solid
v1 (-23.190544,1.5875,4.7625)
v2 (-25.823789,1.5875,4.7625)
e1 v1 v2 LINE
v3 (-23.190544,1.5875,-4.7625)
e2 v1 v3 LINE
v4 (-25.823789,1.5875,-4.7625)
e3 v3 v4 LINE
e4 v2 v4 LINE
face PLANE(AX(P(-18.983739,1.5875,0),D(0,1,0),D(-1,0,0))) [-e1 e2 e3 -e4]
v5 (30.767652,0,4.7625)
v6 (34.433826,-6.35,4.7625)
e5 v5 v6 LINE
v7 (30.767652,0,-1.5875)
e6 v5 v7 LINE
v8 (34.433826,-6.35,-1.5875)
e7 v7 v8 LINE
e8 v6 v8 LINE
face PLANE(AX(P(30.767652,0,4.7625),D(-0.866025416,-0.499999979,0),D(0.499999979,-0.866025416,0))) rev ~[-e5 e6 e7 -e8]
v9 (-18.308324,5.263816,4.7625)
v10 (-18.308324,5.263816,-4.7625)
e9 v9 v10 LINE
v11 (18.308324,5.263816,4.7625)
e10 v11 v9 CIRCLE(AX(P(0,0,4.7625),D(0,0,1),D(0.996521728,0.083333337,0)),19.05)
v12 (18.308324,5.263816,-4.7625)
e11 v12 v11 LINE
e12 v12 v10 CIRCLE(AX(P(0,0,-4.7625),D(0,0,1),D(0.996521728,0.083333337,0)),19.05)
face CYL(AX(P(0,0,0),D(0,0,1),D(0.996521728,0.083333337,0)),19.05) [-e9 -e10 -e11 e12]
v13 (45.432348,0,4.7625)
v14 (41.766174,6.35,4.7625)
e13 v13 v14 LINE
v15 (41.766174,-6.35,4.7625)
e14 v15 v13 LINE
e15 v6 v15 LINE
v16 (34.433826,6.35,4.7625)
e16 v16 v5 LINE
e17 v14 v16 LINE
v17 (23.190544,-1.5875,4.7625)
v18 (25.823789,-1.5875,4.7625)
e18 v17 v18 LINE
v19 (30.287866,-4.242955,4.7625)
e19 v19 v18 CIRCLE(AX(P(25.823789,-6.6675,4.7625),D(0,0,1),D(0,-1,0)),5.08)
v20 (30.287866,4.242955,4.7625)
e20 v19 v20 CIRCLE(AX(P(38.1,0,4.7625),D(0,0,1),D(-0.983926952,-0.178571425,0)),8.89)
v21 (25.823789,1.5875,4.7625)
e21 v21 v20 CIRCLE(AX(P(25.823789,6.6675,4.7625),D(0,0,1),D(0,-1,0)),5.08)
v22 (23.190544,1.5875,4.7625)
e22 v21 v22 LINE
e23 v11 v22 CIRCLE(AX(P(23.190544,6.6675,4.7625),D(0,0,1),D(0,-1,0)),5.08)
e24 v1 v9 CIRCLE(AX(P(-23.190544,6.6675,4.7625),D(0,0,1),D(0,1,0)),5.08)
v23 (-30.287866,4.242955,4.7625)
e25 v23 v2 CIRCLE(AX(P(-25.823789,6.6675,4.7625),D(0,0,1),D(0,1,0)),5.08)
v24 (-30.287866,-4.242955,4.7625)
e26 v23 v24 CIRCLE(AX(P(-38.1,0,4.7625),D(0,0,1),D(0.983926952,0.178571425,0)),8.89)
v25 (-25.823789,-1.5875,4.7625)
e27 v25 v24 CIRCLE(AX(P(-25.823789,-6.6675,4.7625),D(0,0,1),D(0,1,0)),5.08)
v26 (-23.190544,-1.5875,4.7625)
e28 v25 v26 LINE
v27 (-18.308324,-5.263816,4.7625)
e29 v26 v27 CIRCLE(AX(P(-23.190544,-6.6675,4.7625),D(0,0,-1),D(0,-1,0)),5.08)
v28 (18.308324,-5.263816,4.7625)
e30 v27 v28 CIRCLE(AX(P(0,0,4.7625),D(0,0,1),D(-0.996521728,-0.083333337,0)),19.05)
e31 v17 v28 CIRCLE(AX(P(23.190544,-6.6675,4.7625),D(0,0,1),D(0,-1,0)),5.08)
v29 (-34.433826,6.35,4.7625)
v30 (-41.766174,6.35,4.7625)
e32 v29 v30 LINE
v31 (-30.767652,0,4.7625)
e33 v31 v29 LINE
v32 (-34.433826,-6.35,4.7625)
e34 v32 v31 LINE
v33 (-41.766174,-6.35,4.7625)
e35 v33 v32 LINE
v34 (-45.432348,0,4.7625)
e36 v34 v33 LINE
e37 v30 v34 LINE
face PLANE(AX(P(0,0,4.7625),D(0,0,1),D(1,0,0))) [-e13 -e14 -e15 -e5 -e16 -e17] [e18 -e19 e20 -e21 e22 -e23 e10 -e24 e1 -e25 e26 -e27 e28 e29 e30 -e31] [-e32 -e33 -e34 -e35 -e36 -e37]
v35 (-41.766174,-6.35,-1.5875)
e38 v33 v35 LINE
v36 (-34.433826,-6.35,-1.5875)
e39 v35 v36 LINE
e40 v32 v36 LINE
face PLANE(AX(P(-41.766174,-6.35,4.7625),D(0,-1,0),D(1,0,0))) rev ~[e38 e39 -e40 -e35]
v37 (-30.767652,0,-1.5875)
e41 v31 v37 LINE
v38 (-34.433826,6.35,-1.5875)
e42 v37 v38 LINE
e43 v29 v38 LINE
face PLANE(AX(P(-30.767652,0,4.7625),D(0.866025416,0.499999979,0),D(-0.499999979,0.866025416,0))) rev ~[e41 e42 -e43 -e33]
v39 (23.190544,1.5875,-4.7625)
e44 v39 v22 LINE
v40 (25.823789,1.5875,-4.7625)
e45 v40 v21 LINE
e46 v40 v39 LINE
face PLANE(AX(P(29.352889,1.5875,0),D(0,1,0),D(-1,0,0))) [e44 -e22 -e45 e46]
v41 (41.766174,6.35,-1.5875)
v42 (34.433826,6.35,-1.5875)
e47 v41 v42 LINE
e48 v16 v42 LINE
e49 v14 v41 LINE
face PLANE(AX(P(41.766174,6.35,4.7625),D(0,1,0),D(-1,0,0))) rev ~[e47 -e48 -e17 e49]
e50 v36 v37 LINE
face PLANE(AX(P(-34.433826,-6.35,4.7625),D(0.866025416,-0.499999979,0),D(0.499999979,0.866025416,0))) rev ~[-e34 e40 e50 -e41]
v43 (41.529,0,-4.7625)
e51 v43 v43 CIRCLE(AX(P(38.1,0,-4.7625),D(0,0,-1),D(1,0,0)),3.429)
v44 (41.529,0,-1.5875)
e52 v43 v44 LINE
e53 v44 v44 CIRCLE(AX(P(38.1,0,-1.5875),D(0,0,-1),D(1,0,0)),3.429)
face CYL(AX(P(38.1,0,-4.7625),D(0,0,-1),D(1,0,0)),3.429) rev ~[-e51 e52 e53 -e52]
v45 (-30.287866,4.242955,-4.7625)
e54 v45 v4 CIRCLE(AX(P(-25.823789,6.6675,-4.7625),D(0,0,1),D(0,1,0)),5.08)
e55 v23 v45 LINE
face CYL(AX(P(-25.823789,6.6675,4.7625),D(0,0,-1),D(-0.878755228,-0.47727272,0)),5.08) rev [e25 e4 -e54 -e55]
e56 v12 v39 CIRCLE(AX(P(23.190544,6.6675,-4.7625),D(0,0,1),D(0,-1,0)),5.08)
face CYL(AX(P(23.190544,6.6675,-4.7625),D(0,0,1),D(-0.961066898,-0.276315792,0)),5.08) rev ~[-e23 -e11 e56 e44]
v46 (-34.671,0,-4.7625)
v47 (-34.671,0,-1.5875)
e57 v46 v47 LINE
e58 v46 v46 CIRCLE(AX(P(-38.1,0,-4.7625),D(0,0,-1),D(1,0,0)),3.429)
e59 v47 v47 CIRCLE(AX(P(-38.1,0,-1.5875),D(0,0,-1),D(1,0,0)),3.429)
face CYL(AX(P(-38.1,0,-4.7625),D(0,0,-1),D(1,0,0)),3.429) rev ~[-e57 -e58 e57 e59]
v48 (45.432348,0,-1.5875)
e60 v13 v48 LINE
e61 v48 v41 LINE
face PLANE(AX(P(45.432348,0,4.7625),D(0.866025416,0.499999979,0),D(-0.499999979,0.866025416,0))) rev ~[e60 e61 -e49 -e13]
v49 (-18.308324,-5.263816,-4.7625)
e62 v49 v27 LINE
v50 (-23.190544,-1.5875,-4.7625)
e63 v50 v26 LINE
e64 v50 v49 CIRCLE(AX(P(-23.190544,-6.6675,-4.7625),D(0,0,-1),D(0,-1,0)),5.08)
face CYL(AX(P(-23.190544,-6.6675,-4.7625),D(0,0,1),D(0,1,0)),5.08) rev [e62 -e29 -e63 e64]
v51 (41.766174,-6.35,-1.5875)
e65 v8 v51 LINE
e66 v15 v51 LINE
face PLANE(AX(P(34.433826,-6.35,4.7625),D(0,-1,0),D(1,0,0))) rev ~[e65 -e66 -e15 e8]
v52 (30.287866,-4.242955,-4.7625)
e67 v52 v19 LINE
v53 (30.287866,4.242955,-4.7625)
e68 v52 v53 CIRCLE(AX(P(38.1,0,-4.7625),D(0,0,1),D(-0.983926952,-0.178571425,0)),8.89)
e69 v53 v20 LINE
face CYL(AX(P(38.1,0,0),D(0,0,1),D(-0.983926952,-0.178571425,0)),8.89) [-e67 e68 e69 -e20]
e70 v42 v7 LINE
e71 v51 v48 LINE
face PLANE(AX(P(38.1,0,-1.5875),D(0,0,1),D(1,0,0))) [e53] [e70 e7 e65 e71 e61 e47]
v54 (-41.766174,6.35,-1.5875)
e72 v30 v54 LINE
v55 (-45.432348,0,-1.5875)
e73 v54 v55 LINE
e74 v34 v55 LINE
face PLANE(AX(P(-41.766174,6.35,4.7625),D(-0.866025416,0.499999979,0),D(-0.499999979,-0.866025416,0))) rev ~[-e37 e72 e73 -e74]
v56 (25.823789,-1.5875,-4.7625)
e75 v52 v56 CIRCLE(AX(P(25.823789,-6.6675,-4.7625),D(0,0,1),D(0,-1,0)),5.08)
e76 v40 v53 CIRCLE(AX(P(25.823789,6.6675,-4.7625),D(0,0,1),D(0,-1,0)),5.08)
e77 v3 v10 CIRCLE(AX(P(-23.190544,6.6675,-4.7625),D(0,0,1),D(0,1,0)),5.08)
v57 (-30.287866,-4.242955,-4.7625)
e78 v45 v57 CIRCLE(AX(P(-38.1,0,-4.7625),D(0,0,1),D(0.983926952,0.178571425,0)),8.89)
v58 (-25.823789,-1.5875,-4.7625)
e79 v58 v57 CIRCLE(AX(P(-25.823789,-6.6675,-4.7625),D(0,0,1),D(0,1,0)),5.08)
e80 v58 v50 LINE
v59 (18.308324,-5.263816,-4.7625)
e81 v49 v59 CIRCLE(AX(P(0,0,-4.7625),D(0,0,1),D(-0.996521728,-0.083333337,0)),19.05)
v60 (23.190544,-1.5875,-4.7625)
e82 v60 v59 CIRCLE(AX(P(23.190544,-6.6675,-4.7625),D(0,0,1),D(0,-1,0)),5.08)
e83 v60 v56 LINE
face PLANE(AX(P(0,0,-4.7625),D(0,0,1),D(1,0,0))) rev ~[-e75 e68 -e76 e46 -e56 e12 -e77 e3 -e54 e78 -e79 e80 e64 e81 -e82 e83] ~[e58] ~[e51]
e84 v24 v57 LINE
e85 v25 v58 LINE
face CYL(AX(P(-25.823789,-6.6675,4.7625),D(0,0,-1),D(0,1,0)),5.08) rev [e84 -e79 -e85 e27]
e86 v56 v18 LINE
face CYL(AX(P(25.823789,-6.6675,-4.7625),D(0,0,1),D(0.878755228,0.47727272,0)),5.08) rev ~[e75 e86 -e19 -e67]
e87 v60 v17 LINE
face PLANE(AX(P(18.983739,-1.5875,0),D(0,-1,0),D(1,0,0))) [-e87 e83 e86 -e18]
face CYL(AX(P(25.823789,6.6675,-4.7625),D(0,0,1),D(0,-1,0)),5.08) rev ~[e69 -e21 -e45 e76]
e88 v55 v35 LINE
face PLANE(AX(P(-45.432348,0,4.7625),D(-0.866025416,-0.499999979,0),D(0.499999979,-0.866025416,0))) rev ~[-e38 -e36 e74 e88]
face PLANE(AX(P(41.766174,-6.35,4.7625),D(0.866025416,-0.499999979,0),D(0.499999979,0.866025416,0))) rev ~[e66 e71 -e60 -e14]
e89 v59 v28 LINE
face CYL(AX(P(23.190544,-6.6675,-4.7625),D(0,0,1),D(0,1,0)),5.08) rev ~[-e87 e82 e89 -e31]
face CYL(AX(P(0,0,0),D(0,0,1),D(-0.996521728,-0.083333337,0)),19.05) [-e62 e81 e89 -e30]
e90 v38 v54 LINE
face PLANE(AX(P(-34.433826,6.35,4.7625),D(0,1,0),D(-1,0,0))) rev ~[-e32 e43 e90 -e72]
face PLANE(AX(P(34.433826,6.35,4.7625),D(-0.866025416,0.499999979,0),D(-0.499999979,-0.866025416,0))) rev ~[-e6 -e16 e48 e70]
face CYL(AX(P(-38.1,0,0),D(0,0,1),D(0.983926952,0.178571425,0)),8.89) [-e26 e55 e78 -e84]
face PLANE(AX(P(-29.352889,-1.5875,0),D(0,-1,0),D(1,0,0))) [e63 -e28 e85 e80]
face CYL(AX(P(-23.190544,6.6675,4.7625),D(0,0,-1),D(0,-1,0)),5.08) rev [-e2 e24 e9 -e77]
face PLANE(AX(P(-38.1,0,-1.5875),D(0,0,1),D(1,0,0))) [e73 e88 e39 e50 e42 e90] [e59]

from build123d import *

# Parameters (mm, degrees)
F1_DEPTH = 4.7625
F2_R     = 5.08
F4_DEPTH = 6.35
F5_R     = 3.429
F6_DEPTH = 9.526


with BuildPart() as f1:
    # F0 (on Top) → F1 (new body, symmetric)
    with BuildSketch(Plane.XY):
        with BuildLine():
            Line((-29.352889, -1.5875), (-18.983739, -1.5875))
            ThreePointArc((-18.983739, -1.5875), (0, -19.05), (18.983739, -1.5875))
            Line((18.983739, -1.5875), (29.352889, -1.5875))
            ThreePointArc((29.352889, -1.5875), (46.99, 0), (29.352889, 1.5875))
            Line((29.352889, 1.5875), (18.983739, 1.5875))
            ThreePointArc((18.983739, 1.5875), (0, 19.05), (-18.983739, 1.5875))
            Line((-18.983739, 1.5875), (-29.352889, 1.5875))
            ThreePointArc((-29.352889, 1.5875), (-46.99, 0), (-29.352889, -1.5875))
        make_face()
    extrude(amount=F1_DEPTH, both=True)

    # F2
    f2_edges = [f1.edges().sort_by_distance(p)[0] for p in [
        (-29.352889, 1.5875, 0),
        (18.983739, 1.5875, 0),
        (-18.983739, 1.5875, 0),
        (29.352889, 1.5875, 0),
        (29.352889, -1.5875, 0),
        (-18.983739, -1.5875, 0),
        (-29.352889, -1.5875, 0),
        (18.983739, -1.5875, 0),
    ]]
    fillet(f2_edges, radius=F2_R)

    # F3 (on face) → F4 (cut)
    with BuildSketch(Plane.XY.offset(4.7625)):
        Polygon((-30.767652, 0), (-34.433826, 6.35), (-41.766174, 6.35), (-45.432348, 0), (-41.766174, -6.35), (-34.433826, -6.35), align=None)
        Polygon((41.766174, -6.35), (45.432348, 0), (41.766174, 6.35), (34.433826, 6.35), (30.767652, 0), (34.433826, -6.35), align=None)
    extrude(amount=-F4_DEPTH, mode=Mode.SUBTRACT)

    # F5 (on face) → F6 (cut, through all)
    with BuildSketch(Plane(origin=(0, 0, -4.7625), x_dir=(1, 0, 0), z_dir=(0, 0, -1))):
        with Locations((-38.1, 0)):
            Circle(F5_R)
        with Locations((38.1, 0)):
            Circle(F5_R)
    extrude(amount=-F6_DEPTH, mode=Mode.SUBTRACT)


solid = f1.part
